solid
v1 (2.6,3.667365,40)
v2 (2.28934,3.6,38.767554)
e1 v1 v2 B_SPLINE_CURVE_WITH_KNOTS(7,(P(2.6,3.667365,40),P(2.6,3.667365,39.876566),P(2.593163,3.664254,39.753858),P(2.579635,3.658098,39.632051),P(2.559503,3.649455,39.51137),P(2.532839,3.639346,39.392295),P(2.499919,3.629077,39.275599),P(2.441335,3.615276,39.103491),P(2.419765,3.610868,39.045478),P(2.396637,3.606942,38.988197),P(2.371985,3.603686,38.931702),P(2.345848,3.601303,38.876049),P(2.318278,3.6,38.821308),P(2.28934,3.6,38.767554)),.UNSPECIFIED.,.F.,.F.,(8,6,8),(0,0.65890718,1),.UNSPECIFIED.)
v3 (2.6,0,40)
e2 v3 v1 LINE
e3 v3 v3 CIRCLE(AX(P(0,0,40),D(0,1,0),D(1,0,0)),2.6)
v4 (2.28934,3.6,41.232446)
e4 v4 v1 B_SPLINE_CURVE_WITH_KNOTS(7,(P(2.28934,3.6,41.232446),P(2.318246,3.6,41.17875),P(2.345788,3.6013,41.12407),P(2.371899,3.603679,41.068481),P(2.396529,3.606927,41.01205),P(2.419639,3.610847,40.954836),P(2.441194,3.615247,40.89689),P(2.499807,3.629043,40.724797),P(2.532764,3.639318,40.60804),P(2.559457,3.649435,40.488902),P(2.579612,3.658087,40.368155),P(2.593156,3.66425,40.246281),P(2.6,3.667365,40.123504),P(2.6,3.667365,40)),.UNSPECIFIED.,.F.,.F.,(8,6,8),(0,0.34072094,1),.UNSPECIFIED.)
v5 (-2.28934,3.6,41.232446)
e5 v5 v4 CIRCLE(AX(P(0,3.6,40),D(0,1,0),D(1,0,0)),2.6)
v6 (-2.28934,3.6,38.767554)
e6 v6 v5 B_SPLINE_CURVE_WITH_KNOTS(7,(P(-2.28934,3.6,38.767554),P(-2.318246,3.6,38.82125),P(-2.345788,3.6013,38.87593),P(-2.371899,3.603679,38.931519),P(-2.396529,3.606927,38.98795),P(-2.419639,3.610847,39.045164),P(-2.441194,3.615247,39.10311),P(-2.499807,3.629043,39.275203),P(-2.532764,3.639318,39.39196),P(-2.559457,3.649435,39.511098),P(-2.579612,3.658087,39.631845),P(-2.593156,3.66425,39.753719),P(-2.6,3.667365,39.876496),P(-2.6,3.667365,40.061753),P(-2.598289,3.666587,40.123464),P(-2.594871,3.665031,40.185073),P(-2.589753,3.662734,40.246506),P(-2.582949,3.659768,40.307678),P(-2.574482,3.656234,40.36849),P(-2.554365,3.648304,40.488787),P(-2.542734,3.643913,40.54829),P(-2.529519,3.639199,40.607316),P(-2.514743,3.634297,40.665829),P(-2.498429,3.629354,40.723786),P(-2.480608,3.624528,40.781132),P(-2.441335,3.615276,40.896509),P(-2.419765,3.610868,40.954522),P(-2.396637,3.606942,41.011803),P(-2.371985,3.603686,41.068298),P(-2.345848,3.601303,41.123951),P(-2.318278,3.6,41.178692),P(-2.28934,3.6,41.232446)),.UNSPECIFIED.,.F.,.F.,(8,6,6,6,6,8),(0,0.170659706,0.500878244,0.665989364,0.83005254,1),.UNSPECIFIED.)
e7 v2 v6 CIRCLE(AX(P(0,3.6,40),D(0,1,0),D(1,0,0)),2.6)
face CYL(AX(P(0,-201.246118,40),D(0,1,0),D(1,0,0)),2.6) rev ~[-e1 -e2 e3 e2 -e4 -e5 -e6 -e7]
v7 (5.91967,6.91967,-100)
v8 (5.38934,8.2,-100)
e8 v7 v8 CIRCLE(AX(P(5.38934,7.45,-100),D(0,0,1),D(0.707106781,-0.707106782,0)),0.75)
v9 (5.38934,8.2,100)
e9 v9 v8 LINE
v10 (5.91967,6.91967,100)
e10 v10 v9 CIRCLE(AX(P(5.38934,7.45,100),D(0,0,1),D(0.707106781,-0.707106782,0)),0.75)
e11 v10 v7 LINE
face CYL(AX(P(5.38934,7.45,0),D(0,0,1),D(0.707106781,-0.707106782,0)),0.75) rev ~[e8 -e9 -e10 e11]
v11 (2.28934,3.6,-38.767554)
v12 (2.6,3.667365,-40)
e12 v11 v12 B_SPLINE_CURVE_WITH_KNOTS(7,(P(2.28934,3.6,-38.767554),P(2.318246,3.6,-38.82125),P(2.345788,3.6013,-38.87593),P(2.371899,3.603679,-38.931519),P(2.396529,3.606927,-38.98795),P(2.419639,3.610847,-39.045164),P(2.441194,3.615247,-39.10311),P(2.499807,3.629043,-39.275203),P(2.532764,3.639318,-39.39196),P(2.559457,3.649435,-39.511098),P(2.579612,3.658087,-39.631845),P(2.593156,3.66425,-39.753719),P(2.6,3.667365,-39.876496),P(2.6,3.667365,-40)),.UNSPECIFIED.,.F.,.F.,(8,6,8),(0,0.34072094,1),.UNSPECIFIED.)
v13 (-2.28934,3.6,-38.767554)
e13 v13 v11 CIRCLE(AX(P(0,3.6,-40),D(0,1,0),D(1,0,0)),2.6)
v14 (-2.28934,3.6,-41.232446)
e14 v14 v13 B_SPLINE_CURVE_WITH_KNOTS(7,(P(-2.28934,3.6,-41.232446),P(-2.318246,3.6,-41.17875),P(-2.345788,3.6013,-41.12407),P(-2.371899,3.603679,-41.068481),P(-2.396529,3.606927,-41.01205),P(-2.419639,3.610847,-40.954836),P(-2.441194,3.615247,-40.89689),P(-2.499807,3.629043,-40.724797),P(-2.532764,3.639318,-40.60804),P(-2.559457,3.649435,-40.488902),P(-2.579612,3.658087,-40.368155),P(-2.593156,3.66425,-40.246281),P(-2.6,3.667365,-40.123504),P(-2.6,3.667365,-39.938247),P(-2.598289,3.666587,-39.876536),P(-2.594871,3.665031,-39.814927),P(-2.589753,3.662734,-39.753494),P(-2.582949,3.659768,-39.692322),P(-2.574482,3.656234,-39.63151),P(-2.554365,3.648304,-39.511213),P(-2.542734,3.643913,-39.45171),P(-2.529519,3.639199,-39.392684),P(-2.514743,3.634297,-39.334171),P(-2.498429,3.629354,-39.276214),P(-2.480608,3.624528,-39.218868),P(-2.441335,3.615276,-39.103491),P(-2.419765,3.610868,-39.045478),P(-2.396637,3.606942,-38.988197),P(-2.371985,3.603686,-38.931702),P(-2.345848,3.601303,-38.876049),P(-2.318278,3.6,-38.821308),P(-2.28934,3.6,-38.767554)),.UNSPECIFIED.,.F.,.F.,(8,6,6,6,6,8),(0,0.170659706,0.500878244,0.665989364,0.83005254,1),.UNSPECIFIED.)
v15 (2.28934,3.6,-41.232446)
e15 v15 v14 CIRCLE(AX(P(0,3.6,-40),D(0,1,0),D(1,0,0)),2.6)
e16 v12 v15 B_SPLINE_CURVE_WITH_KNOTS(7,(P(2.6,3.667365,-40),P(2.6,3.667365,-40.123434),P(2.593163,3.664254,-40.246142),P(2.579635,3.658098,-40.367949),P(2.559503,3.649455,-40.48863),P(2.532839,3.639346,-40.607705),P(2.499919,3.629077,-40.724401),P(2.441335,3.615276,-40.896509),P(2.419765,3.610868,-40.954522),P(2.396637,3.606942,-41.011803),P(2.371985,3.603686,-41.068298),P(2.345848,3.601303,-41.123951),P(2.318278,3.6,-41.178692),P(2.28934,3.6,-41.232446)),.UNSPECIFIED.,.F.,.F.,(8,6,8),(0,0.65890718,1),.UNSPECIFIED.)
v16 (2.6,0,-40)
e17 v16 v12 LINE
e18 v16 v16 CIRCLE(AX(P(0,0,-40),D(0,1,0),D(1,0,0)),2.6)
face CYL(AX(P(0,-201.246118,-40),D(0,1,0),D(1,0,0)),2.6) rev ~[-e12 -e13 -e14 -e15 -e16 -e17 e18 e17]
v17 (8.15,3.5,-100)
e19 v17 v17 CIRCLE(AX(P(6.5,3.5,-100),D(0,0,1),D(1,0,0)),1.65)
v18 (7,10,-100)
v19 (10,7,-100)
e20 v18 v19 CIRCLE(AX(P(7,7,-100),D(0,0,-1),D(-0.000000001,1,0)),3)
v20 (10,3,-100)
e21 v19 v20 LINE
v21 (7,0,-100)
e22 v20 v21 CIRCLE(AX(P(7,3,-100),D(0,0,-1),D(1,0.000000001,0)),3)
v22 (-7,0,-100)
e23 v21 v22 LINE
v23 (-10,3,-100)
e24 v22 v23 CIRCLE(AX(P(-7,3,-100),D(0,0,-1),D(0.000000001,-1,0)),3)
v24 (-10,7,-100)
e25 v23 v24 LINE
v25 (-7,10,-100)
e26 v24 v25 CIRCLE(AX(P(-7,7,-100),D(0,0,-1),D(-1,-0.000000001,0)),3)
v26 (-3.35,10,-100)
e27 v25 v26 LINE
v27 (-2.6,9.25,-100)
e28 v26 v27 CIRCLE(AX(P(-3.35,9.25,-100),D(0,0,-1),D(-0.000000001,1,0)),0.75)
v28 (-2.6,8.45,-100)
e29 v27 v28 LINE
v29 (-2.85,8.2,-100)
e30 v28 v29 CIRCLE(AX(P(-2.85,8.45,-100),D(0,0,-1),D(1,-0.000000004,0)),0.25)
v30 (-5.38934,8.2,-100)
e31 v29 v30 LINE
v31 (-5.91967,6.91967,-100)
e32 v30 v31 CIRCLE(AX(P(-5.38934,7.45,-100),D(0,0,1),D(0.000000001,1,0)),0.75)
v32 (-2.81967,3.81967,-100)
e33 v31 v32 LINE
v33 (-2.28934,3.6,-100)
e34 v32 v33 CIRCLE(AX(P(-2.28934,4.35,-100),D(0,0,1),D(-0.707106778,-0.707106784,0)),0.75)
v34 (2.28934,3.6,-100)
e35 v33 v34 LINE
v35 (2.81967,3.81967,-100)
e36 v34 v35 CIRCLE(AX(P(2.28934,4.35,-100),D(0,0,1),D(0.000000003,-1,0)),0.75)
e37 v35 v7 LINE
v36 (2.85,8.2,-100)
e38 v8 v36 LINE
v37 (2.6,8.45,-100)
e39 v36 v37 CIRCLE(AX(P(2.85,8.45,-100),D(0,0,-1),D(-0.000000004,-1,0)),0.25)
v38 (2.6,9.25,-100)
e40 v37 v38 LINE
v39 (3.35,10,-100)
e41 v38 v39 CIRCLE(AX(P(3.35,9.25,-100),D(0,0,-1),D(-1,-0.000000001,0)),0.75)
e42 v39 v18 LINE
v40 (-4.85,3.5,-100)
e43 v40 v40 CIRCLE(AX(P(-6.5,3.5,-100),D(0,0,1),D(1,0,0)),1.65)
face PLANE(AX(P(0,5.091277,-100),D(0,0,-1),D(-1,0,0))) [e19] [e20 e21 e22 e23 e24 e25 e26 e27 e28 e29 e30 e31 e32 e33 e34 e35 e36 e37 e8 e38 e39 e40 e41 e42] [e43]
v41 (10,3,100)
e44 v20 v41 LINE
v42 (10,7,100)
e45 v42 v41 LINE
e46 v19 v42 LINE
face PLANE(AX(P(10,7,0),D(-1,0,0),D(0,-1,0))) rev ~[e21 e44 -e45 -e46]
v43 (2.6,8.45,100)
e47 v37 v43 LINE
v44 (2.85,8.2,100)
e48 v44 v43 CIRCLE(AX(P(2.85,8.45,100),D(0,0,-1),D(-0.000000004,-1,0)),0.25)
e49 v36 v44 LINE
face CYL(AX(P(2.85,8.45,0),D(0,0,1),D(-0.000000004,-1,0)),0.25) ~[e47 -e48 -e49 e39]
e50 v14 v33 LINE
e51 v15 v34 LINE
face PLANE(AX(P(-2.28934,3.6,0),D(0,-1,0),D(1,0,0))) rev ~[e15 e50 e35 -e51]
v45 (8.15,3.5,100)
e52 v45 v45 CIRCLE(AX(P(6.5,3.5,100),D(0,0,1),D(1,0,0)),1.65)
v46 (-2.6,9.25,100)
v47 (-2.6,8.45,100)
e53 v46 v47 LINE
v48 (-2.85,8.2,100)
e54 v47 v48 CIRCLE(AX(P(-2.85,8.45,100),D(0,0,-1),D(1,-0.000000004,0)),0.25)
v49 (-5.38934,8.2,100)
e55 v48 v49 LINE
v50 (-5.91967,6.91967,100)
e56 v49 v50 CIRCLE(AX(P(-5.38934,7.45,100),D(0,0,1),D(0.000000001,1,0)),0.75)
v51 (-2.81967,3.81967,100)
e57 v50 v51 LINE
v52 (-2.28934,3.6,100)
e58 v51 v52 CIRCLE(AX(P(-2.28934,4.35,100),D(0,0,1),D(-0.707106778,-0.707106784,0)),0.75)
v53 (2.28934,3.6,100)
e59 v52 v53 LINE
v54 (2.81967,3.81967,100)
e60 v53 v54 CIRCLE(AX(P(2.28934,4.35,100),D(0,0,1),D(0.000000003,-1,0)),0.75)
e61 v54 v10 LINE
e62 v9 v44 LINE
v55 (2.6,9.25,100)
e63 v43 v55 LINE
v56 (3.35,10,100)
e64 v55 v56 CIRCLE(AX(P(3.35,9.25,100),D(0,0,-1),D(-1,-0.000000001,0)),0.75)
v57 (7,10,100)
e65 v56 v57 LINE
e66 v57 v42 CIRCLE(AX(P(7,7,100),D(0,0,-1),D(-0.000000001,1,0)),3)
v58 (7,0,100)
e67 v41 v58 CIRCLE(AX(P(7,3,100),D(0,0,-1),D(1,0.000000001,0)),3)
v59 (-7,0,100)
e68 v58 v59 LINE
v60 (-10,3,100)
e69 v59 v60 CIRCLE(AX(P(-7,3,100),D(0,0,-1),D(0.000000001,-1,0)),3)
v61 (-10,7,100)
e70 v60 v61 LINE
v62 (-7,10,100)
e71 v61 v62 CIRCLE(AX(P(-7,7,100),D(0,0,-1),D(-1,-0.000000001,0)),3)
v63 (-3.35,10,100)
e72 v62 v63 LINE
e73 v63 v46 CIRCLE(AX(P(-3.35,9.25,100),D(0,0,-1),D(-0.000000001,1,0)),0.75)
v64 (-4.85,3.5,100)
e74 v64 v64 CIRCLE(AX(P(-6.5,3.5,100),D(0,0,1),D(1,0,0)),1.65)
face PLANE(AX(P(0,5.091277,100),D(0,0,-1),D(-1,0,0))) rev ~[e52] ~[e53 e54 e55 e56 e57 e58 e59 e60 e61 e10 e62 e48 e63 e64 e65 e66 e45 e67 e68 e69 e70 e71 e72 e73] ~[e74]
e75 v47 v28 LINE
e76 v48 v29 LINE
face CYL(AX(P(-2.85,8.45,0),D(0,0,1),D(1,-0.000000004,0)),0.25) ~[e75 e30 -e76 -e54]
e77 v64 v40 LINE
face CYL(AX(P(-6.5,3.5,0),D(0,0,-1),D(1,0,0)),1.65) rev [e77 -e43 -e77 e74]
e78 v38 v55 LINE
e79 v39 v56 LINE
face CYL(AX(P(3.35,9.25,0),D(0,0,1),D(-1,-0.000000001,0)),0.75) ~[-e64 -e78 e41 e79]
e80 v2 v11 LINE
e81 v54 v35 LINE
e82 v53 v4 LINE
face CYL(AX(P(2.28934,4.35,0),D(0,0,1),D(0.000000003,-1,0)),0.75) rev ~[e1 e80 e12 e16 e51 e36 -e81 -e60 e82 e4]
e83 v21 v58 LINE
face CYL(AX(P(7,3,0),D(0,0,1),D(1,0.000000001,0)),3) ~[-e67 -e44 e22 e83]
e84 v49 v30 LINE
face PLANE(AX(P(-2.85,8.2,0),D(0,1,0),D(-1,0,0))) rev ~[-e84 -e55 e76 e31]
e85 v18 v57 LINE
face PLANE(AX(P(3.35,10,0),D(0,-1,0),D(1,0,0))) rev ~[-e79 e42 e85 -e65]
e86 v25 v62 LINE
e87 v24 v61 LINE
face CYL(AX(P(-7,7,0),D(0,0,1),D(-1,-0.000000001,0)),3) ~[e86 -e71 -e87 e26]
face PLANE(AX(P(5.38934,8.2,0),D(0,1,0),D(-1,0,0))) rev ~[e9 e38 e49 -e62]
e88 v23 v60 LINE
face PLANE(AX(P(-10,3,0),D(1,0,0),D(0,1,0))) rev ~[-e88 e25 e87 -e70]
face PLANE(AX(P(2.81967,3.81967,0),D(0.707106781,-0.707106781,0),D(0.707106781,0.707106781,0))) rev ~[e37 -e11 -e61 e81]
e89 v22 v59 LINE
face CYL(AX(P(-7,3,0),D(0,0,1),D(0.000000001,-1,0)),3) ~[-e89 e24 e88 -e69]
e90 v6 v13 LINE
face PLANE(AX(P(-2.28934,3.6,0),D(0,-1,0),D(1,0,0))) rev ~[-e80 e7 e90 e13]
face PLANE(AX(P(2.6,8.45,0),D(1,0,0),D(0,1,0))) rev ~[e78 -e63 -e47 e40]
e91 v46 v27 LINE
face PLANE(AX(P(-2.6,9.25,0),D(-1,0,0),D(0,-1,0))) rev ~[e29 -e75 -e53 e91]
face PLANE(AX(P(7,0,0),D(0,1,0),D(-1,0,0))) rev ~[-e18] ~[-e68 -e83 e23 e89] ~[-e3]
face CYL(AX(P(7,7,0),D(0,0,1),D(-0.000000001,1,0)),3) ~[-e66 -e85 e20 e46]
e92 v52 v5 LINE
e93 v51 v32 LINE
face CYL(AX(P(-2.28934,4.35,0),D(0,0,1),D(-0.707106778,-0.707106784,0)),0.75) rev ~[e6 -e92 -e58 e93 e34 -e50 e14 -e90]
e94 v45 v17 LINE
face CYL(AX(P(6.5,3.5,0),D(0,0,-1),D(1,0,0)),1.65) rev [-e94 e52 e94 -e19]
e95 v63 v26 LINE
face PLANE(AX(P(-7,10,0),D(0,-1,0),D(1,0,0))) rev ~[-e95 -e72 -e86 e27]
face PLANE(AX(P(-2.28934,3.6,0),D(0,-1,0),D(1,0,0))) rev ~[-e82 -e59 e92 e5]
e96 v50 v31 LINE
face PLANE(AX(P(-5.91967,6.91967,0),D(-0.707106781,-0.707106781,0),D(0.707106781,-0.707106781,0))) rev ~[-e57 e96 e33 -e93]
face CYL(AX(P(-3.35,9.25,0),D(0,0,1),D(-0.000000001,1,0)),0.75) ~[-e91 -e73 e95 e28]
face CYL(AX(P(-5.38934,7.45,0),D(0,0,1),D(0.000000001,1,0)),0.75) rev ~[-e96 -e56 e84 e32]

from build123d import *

# Parameters (mm, degrees)
SKETCH1_R            = 1.65
BOSS_EXTRUDE1_DEPTH  = 100
M5_CLEARANCE_HOLE1_D = 5.2


with BuildPart() as part:
    # Sketch1 → Boss-Extrude1 (new, symmetric)
    with BuildSketch(Plane.XY):
        with BuildLine():
            Line((-7, 10), (-3.35, 10))
            ThreePointArc((-3.35, 10), (-2.819669914, 9.780330086), (-2.6, 9.25))
            Line((-2.6, 9.25), (-2.6, 8.45))
            ThreePointArc((-2.6, 8.45), (-2.673223305, 8.273223305), (-2.85, 8.2))
            Line((-2.85, 8.2), (-5.389339828, 8.2))
            ThreePointArc((-5.389339828, 8.2), (-6.082249478, 7.737012574), (-5.919669914, 6.919669914))
            Line((-5.919669914, 6.919669914), (-2.819669914, 3.819669914))
            ThreePointArc((-2.819669914, 3.819669914), (-2.576352402, 3.657090351), (-2.289339828, 3.6))
            Line((-2.289339828, 3.6), (2.289339828, 3.6))
            ThreePointArc((2.289339828, 3.6), (2.576352402, 3.657090351), (2.819669914, 3.819669914))
            Line((2.819669914, 3.819669914), (5.919669914, 6.919669914))
            ThreePointArc((5.919669914, 6.919669914), (6.082249478, 7.737012574), (5.389339828, 8.2))
            Line((5.389339828, 8.2), (2.85, 8.2))
            ThreePointArc((2.85, 8.2), (2.673223305, 8.273223305), (2.6, 8.45))
            Line((2.6, 8.45), (2.6, 9.25))
            ThreePointArc((2.6, 9.25), (2.819669914, 9.780330086), (3.35, 10))
            Line((3.35, 10), (7, 10))
            ThreePointArc((7, 10), (9.121320344, 9.121320344), (10, 7))
            Line((10, 7), (10, 3))
            ThreePointArc((10, 3), (9.121320344, 0.878679656), (7, 0))
            Line((7, 0), (-7, 0))
            ThreePointArc((-7, 0), (-9.121320344, 0.878679656), (-10, 3))
            Line((-10, 3), (-10, 7))
            ThreePointArc((-10, 7), (-9.121320344, 9.121320344), (-7, 10))
        make_face()
        with Locations((-6.5, 3.5)):
            Circle(SKETCH1_R, mode=Mode.SUBTRACT)
        with Locations((6.5, 3.5)):
            Circle(SKETCH1_R, mode=Mode.SUBTRACT)
    extrude(amount=BOSS_EXTRUDE1_DEPTH, both=True)

    # M5 Clearance Hole1 (through all)
    with Locations(Plane(origin=(0, 0, 0), x_dir=(-1, 0, 0), z_dir=(0, -1, 0))):
        with Locations((0, 40), (0, -40)):
            Hole(M5_CLEARANCE_HOLE1_D / 2)


solid = part.part
